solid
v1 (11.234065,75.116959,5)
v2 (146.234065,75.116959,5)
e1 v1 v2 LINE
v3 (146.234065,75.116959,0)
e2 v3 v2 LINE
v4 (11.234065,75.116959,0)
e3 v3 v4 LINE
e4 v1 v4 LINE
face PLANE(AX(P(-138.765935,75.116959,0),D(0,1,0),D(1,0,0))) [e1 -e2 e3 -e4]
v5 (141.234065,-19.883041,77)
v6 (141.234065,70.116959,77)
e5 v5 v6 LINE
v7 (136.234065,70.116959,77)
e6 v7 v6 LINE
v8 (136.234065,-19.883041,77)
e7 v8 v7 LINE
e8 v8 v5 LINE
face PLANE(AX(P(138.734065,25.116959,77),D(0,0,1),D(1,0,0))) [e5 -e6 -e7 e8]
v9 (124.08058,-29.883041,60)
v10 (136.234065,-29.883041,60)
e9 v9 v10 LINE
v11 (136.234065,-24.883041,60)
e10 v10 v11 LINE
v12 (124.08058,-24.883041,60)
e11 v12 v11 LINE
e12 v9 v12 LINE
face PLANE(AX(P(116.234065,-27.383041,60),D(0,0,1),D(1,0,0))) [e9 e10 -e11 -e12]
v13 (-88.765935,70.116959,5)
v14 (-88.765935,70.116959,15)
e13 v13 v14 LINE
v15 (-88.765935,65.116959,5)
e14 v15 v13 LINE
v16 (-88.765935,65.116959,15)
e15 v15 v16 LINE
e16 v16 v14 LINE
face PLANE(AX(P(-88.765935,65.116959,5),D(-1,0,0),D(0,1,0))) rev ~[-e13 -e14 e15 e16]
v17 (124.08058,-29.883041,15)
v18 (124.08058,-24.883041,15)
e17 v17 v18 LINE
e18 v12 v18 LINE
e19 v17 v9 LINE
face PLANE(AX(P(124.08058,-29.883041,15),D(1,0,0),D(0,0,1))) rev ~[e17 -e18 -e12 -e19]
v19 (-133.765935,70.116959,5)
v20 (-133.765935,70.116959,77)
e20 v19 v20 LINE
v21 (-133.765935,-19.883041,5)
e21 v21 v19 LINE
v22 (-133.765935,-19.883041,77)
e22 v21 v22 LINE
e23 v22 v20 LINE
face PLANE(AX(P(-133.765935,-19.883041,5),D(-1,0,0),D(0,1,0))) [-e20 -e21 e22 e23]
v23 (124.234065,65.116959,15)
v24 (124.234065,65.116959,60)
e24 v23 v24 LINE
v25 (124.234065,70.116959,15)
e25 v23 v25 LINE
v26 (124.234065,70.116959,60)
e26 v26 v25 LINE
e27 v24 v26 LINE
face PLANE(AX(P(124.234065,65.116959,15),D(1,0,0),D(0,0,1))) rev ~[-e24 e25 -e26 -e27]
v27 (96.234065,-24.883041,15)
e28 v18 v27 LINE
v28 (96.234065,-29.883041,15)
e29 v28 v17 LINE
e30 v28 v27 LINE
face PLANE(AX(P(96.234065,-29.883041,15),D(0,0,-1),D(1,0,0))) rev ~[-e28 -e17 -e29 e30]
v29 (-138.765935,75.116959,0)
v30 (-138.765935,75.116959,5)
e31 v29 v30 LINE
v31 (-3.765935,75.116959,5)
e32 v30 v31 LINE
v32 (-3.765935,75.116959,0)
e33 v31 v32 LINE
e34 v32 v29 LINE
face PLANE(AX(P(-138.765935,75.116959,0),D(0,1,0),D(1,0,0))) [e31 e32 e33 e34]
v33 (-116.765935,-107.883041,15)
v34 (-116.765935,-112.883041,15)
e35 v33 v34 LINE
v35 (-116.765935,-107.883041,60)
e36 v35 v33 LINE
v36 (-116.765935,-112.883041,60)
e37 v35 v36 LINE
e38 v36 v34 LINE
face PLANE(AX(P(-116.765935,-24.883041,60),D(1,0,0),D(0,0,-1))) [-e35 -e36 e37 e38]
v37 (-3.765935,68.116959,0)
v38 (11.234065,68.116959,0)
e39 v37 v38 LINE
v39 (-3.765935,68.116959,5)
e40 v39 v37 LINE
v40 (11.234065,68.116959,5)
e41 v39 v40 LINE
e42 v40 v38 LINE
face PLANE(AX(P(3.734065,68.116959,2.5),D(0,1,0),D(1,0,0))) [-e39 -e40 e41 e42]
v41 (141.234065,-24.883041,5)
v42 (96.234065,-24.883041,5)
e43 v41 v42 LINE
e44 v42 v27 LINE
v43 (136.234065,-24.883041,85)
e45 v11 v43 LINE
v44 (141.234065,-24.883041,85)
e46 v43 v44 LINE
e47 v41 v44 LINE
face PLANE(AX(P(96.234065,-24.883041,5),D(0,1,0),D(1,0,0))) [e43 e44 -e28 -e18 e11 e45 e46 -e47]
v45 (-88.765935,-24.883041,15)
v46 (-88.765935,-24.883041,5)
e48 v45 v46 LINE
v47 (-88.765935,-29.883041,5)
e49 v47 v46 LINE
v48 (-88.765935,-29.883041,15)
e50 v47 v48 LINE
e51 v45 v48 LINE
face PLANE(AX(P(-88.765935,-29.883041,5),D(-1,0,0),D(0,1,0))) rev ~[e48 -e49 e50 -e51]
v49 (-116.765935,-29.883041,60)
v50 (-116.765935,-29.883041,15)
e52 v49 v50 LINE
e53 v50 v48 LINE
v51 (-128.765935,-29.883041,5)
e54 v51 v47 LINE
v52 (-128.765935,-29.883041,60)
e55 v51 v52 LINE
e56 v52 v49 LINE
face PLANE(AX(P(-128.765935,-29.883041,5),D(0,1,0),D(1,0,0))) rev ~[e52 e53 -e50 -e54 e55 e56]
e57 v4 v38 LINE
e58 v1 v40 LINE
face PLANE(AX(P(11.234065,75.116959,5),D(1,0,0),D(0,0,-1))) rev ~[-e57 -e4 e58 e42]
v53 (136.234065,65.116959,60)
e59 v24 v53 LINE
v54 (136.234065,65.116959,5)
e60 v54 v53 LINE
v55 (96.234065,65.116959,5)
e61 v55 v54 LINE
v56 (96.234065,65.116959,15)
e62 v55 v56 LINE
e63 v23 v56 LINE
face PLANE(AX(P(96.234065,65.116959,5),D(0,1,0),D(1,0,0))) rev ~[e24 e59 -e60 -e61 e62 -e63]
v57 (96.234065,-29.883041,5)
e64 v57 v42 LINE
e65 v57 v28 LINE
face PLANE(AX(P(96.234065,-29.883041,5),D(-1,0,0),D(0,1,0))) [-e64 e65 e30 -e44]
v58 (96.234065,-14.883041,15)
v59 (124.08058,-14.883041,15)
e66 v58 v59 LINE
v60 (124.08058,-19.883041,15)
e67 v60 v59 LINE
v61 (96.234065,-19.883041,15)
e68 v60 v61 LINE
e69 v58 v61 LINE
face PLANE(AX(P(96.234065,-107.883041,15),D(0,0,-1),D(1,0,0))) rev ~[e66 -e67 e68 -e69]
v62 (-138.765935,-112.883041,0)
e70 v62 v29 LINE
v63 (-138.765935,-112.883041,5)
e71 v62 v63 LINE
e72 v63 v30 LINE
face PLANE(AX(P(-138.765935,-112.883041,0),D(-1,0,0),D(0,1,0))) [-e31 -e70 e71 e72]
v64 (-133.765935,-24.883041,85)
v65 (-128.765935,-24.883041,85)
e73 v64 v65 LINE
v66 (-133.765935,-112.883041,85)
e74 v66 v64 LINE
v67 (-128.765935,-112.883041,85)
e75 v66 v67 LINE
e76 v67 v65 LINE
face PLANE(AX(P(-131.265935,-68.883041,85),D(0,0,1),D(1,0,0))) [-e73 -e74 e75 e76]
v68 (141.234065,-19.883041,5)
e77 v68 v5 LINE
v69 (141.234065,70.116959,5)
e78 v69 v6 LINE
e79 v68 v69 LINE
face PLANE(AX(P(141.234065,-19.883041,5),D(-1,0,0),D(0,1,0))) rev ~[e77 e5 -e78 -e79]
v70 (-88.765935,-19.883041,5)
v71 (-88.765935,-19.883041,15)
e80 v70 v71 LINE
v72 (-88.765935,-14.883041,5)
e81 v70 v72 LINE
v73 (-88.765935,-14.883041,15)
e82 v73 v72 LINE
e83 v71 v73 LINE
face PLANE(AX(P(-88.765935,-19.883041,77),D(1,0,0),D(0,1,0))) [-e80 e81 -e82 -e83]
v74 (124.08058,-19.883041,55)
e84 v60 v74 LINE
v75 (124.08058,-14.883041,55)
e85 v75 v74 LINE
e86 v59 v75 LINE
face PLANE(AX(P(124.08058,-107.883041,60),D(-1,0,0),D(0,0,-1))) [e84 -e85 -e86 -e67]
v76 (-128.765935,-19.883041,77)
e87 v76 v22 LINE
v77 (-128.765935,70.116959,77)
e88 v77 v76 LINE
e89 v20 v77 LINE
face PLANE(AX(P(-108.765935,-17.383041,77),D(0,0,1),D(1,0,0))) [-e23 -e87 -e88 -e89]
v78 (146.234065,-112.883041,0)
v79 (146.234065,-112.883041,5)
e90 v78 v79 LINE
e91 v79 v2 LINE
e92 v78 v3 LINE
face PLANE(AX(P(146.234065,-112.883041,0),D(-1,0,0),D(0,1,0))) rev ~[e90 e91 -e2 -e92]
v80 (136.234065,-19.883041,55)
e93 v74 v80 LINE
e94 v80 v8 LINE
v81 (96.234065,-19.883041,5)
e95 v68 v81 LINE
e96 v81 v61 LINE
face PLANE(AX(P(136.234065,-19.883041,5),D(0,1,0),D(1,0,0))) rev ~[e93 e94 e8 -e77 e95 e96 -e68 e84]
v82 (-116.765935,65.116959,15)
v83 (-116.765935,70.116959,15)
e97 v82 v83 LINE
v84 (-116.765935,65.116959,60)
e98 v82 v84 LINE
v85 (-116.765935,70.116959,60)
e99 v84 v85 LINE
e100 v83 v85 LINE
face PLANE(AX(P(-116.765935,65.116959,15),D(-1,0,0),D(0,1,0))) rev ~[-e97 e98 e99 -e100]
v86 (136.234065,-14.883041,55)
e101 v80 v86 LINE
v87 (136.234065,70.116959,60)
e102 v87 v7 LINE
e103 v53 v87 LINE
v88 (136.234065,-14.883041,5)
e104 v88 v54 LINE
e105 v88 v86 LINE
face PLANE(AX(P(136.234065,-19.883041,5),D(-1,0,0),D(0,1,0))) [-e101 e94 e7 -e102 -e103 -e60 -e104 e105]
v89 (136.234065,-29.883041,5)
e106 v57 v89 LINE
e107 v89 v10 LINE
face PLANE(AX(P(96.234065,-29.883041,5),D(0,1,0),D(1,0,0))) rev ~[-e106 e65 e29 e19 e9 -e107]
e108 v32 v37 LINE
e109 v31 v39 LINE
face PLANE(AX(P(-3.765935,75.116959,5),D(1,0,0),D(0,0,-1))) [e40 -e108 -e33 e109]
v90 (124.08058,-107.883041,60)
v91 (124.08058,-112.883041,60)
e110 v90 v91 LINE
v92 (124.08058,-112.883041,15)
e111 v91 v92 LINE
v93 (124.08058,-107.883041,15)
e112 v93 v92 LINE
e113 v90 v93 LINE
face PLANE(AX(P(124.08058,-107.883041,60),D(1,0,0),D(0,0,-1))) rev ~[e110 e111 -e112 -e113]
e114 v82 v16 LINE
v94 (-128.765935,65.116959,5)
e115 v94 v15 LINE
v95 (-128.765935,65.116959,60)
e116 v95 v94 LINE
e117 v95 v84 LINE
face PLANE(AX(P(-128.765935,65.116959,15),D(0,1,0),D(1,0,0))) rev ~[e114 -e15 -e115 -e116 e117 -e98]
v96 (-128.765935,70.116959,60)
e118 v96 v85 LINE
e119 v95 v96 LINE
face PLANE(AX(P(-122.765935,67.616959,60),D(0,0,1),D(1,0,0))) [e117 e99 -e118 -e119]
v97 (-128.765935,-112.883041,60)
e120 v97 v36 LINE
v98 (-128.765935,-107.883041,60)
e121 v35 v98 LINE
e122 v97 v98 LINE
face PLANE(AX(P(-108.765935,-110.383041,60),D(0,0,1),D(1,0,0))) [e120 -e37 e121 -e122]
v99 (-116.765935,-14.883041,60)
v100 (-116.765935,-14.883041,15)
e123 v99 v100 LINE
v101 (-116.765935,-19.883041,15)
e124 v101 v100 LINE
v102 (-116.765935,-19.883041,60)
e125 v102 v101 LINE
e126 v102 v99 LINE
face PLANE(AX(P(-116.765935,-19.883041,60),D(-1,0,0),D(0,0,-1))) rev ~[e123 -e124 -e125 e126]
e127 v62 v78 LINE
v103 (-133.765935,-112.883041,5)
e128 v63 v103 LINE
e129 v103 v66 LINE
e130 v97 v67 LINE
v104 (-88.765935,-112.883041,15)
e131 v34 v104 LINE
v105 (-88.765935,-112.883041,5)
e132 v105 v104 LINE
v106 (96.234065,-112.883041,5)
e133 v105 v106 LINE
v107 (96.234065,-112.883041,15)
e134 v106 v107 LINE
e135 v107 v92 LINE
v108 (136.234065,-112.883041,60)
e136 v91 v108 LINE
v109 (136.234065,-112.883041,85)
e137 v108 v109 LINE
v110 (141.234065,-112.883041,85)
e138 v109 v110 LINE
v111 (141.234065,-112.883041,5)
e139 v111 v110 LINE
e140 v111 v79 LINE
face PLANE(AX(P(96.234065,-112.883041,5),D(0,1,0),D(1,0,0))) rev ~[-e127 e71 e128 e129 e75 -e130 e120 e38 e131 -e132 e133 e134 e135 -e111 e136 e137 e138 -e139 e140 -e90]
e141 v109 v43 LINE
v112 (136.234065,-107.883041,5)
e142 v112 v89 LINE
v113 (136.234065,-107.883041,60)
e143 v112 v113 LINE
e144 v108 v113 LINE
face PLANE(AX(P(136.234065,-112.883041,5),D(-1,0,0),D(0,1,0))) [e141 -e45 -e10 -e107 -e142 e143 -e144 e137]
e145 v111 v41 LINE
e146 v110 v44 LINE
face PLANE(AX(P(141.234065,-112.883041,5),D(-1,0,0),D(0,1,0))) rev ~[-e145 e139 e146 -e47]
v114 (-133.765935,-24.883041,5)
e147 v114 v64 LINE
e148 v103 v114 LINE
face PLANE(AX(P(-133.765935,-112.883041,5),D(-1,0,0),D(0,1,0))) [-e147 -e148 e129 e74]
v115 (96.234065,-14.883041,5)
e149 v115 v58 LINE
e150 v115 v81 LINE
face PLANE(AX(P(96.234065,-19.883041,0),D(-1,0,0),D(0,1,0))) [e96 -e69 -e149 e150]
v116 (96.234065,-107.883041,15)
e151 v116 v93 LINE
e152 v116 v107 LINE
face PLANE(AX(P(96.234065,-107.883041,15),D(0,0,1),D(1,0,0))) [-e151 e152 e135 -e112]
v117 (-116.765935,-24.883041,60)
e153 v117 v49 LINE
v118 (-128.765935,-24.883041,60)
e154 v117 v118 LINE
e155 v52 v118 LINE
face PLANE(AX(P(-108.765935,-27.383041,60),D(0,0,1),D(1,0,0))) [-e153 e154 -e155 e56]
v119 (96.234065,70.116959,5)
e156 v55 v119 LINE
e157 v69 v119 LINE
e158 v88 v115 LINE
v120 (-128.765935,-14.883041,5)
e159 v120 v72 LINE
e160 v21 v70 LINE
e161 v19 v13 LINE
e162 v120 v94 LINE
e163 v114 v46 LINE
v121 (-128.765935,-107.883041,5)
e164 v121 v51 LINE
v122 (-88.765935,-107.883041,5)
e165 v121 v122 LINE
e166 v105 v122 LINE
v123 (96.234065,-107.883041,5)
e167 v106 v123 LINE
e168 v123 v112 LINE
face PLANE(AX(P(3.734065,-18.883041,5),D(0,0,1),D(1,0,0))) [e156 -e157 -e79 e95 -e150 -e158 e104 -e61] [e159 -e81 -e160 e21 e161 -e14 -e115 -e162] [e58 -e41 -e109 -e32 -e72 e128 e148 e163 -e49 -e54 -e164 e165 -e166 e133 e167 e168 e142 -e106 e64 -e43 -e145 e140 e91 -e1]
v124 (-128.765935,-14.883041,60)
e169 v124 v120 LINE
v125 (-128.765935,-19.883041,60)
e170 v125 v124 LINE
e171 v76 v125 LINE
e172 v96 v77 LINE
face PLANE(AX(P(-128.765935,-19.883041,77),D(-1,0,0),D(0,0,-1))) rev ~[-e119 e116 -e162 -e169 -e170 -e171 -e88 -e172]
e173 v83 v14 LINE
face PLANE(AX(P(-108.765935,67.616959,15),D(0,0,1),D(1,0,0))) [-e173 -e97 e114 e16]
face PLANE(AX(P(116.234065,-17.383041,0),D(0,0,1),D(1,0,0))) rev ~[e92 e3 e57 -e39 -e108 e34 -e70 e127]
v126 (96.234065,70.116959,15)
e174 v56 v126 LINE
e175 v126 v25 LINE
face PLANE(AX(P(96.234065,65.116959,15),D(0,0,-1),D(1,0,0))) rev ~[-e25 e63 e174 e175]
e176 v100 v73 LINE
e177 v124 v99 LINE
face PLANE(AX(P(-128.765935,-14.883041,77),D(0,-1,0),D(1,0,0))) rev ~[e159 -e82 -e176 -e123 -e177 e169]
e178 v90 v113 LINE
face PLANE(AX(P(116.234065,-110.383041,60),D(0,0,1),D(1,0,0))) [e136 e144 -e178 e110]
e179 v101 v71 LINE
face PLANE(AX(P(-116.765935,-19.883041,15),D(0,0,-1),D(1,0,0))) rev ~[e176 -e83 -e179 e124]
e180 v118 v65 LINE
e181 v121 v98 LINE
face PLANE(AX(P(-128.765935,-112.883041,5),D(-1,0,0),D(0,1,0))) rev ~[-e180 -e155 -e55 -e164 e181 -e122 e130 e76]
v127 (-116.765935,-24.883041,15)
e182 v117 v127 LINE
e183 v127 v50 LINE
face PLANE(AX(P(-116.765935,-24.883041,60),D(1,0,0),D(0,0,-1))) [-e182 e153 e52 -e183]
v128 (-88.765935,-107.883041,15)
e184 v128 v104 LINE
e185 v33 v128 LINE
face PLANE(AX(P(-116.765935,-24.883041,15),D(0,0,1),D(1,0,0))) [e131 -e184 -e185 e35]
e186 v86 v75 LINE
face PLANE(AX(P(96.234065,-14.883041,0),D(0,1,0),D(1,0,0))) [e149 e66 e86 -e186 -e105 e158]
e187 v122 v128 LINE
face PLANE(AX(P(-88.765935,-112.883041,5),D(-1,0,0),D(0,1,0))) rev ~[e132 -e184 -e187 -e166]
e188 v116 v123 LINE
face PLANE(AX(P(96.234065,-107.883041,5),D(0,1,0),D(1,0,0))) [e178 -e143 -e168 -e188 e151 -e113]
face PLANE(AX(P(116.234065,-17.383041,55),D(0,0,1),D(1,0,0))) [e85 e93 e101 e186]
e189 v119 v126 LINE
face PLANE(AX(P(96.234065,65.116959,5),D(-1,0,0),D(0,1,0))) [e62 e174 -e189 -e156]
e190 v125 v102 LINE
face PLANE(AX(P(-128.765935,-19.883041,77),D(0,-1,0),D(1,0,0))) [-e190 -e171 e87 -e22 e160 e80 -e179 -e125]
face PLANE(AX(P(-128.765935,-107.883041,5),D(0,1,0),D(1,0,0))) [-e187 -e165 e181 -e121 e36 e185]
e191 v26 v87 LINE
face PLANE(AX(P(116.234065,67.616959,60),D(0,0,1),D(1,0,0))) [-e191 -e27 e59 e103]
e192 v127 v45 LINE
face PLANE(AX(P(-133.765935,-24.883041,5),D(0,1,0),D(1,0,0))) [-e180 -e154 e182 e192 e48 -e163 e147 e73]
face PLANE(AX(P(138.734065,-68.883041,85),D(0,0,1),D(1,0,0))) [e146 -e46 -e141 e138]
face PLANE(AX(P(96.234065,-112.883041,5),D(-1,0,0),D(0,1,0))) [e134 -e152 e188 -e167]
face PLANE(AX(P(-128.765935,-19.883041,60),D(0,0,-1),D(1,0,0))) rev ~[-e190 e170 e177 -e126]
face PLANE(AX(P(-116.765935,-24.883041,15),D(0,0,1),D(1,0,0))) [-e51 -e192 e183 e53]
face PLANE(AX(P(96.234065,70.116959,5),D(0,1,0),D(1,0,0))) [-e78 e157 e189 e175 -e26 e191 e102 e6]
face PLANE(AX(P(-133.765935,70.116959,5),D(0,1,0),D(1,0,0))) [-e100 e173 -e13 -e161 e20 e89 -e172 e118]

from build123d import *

# Parameters (mm, degrees)
SKETCH1_W                = 285
SKETCH1_H                = 188
BOSS_EXTRUDE1_DEPTH      = 5
SKETCH3_W                = 5
SKETCH3_H                = 90
BOSS_EXTRUDE2_DEPTH      = 72
SKETCH6_W                = 40
SKETCH6_H                = 5
BOSS_EXTRUDE3_DEPTH      = 10
SKETCH7_W                = 12
SKETCH7_H                = 5
BOSS_EXTRUDE4_DEPTH      = 45
SKETCH8_W                = 40
SKETCH8_H                = 5
BOSS_EXTRUDE5_DEPTH      = 72
CUT_EXTRUDE4_DEPTH       = 94
CUT_EXTRUDE4_DEPTH_BACK  = 96
SKETCH13_W               = 5
SKETCH13_H               = 90
BOSS_EXTRUDE6_DEPTH      = 72
SKETCH14_W               = 40
SKETCH14_H               = 5
BOSS_EXTRUDE7_DEPTH      = 55
SKETCH16_W               = 28
SKETCH16_H               = 45
CUT_EXTRUDE5_DEPTH       = 179
CUT_EXTRUDE5_DEPTH_BACK  = 11
SKETCH17_W               = 40
SKETCH17_H               = 5
BOSS_EXTRUDE9_DEPTH      = 55
SKETCH21_W               = 27.761976985
SKETCH21_H               = 40
CUT_EXTRUDE6_DEPTH       = 91
CUT_EXTRUDE6_DEPTH_BACK  = 99
SKETCH22_W               = 5
SKETCH22_H               = 88
BOSS_EXTRUDE10_DEPTH     = 80
SKETCH23_W               = 40
SKETCH23_H               = 5
BOSS_EXTRUDE11_DEPTH     = 55
SKETCH25_W               = 27.891782469
SKETCH25_H               = 44.37316573
CUT_EXTRUDE7_DEPTH       = 184
CUT_EXTRUDE7_DEPTH_BACK  = 6
SKETCH26_W               = 40
SKETCH26_H               = 5
BOSS_EXTRUDE12_DEPTH     = 55
SKETCH27_W               = 28
SKETCH27_H               = 45
CUT_EXTRUDE9_DEPTH       = 101
CUT_EXTRUDE9_DEPTH_BACK  = 89
SKETCH29_W               = 5
SKETCH29_H               = 88
BOSS_EXTRUDE14_DEPTH     = 80
SKETCH30_W               = 40
SKETCH30_H               = 5
BOSS_EXTRUDE15_DEPTH     = 55
SKETCH31_W               = 27.846515173
SKETCH31_H               = 45
CUT_EXTRUDE10_DEPTH      = 184
CUT_EXTRUDE10_DEPTH_BACK = 6
SKETCH32_W               = 40
SKETCH32_H               = 5
BOSS_EXTRUDE16_DEPTH     = 55
SKETCH33_W               = 27.846515173
SKETCH33_H               = 45
CUT_EXTRUDE11_DEPTH      = 84
CUT_EXTRUDE11_DEPTH_BACK = 106
SKETCH36_W               = 15
SKETCH36_H               = 5
CUT_EXTRUDE12_DEPTH      = 1
CUT_EXTRUDE12_DEPTH_BACK = 7


with BuildPart() as part:
    # Sketch1 → Boss-Extrude1 (new body)
    with BuildSketch(Plane.XY):
        with Locations((3.734064661, -18.883040936)):
            Rectangle(SKETCH1_W, SKETCH1_H)
    extrude(amount=BOSS_EXTRUDE1_DEPTH)

    # Sketch3 → Boss-Extrude2 (add)
    with BuildSketch(Plane.XY.offset(5)):
        with Locations((-131.265935339, 25.116959064)):
            Rectangle(SKETCH3_W, SKETCH3_H)
    extrude(amount=BOSS_EXTRUDE2_DEPTH)

    # Sketch6 → Boss-Extrude3 (add)
    with BuildSketch(Plane.XY.offset(5)):
        with Locations((-108.765935339, 67.616959064)):
            Rectangle(SKETCH6_W, SKETCH6_H)
    extrude(amount=BOSS_EXTRUDE3_DEPTH)

    # Sketch7 → Boss-Extrude4 (add)
    with BuildSketch(Plane.XY.offset(15)):
        with Locations((-122.765935339, 67.616959064)):
            Rectangle(SKETCH7_W, SKETCH7_H)
    extrude(amount=BOSS_EXTRUDE4_DEPTH)

    # Sketch8 → Boss-Extrude5 (add)
    with BuildSketch(Plane.XY.offset(77)):
        with Locations((-108.765935339, -17.383040936)):
            Rectangle(SKETCH8_W, SKETCH8_H)
    extrude(amount=-BOSS_EXTRUDE5_DEPTH)

    # Sketch9 → Cut-Extrude4 (cut, two sides)
    with BuildSketch(Plane.XZ.offset(19.883040936)) as cut_extrude4_sk:
        Polygon((-116.765935339, 15), (-88.765935339, 15), (-88.765935339, 77), (-128.765935339, 77), (-128.765935339, 60), (-116.765935339, 60), align=None)
    extrude(amount=CUT_EXTRUDE4_DEPTH, mode=Mode.SUBTRACT)
    extrude(cut_extrude4_sk.sketch, amount=-CUT_EXTRUDE4_DEPTH_BACK, mode=Mode.SUBTRACT)

    # Sketch13 → Boss-Extrude6 (add)
    with BuildSketch(Plane.XY.offset(5)):
        with Locations((138.734064661, 25.116959064)):
            Rectangle(SKETCH13_W, SKETCH13_H)
    extrude(amount=BOSS_EXTRUDE6_DEPTH)

    # Sketch14 → Boss-Extrude7 (add)
    with BuildSketch(Plane.XY.offset(5)):
        with Locations((116.234064661, 67.616959064)):
            Rectangle(SKETCH14_W, SKETCH14_H)
    extrude(amount=BOSS_EXTRUDE7_DEPTH)

    # Sketch16 → Cut-Extrude5 (cut, two sides)
    with BuildSketch(Plane.XZ.offset(-65.116959064)) as cut_extrude5_sk:
        with Locations((110.234064661, 37.5)):
            Rectangle(SKETCH16_W, SKETCH16_H)
    extrude(amount=CUT_EXTRUDE5_DEPTH, mode=Mode.SUBTRACT)
    extrude(cut_extrude5_sk.sketch, amount=-CUT_EXTRUDE5_DEPTH_BACK, mode=Mode.SUBTRACT)

    # Sketch17 → Boss-Extrude9 (add)
    with BuildSketch(Plane.XY):
        with Locations((116.234064661, -17.383040936)):
            Rectangle(SKETCH17_W, SKETCH17_H)
    extrude(amount=BOSS_EXTRUDE9_DEPTH)

    # Sketch21 → Cut-Extrude6 (cut, two sides)
    with BuildSketch(Plane(origin=(0, -14.883040936, 0), x_dir=(1, 0, 0), z_dir=(0, 1, 0))) as cut_extrude6_sk:
        with Locations((110.115053154, -35)):
            Rectangle(SKETCH21_W, SKETCH21_H)
    extrude(amount=CUT_EXTRUDE6_DEPTH, mode=Mode.SUBTRACT)
    extrude(cut_extrude6_sk.sketch, amount=-CUT_EXTRUDE6_DEPTH_BACK, mode=Mode.SUBTRACT)

    # Sketch22 → Boss-Extrude10 (add)
    with BuildSketch(Plane.XY.offset(5)):
        with Locations((-131.265935339, -68.883040936)):
            Rectangle(SKETCH22_W, SKETCH22_H)
    extrude(amount=BOSS_EXTRUDE10_DEPTH)

    # Sketch23 → Boss-Extrude11 (add)
    with BuildSketch(Plane.XY.offset(5)):
        with Locations((-108.765935339, -110.383040936)):
            Rectangle(SKETCH23_W, SKETCH23_H)
    extrude(amount=BOSS_EXTRUDE11_DEPTH)

    # Sketch25 → Cut-Extrude7 (cut, two sides)
    with BuildSketch(Plane(origin=(0, -107.883040936, 0), x_dir=(1, 0, 0), z_dir=(0, 1, 0))) as cut_extrude7_sk:
        with Locations((-102.711826574, -37.813417135)):
            Rectangle(SKETCH25_W, SKETCH25_H)
    extrude(amount=CUT_EXTRUDE7_DEPTH, mode=Mode.SUBTRACT)
    extrude(cut_extrude7_sk.sketch, amount=-CUT_EXTRUDE7_DEPTH_BACK, mode=Mode.SUBTRACT)

    # Sketch26 → Boss-Extrude12 (add)
    with BuildSketch(Plane.XY.offset(5)):
        with Locations((-108.765935339, -27.383040936)):
            Rectangle(SKETCH26_W, SKETCH26_H)
    extrude(amount=BOSS_EXTRUDE12_DEPTH)

    # Sketch27 → Cut-Extrude9 (cut, two sides)
    with BuildSketch(Plane(origin=(0, -24.883040936, 0), x_dir=(1, 0, 0), z_dir=(0, 1, 0))) as cut_extrude9_sk:
        with Locations((-102.765935339, -37.5)):
            Rectangle(SKETCH27_W, SKETCH27_H)
    extrude(amount=CUT_EXTRUDE9_DEPTH, mode=Mode.SUBTRACT)
    extrude(cut_extrude9_sk.sketch, amount=-CUT_EXTRUDE9_DEPTH_BACK, mode=Mode.SUBTRACT)

    # Sketch29 → Boss-Extrude14 (add)
    with BuildSketch(Plane.XY.offset(5)):
        with Locations((138.734064661, -68.883040936)):
            Rectangle(SKETCH29_W, SKETCH29_H)
    extrude(amount=BOSS_EXTRUDE14_DEPTH)

    # Sketch30 → Boss-Extrude15 (add)
    with BuildSketch(Plane.XY.offset(5)):
        with Locations((116.234064661, -110.383040936)):
            Rectangle(SKETCH30_W, SKETCH30_H)
    extrude(amount=BOSS_EXTRUDE15_DEPTH)

    # Sketch31 → Cut-Extrude10 (cut, two sides)
    with BuildSketch(Plane(origin=(0, -107.883040936, 0), x_dir=(1, 0, 0), z_dir=(0, 1, 0))) as cut_extrude10_sk:
        with Locations((110.157322248, -37.5)):
            Rectangle(SKETCH31_W, SKETCH31_H)
    extrude(amount=CUT_EXTRUDE10_DEPTH, mode=Mode.SUBTRACT)
    extrude(cut_extrude10_sk.sketch, amount=-CUT_EXTRUDE10_DEPTH_BACK, mode=Mode.SUBTRACT)

    # Sketch32 → Boss-Extrude16 (add)
    with BuildSketch(Plane.XY.offset(5)):
        with Locations((116.234064661, -27.383040936)):
            Rectangle(SKETCH32_W, SKETCH32_H)
    extrude(amount=BOSS_EXTRUDE16_DEPTH)

    # Sketch33 → Cut-Extrude11 (cut, two sides)
    with BuildSketch(Plane.XZ.offset(29.883040936)) as cut_extrude11_sk:
        with Locations((110.157322248, 37.5)):
            Rectangle(SKETCH33_W, SKETCH33_H)
    extrude(amount=CUT_EXTRUDE11_DEPTH, mode=Mode.SUBTRACT)
    extrude(cut_extrude11_sk.sketch, amount=-CUT_EXTRUDE11_DEPTH_BACK, mode=Mode.SUBTRACT)

    # Sketch36 → Cut-Extrude12 (cut, two sides)
    with BuildSketch(Plane(origin=(0, 75.116959064, 0), x_dir=(1, 0, 0), z_dir=(0, 1, 0))) as cut_extrude12_sk:
        with Locations((3.734064661, -2.5)):
            Rectangle(SKETCH36_W, SKETCH36_H)
    extrude(amount=CUT_EXTRUDE12_DEPTH, mode=Mode.SUBTRACT)
    extrude(cut_extrude12_sk.sketch, amount=-CUT_EXTRUDE12_DEPTH_BACK, mode=Mode.SUBTRACT)


solid = part.part
